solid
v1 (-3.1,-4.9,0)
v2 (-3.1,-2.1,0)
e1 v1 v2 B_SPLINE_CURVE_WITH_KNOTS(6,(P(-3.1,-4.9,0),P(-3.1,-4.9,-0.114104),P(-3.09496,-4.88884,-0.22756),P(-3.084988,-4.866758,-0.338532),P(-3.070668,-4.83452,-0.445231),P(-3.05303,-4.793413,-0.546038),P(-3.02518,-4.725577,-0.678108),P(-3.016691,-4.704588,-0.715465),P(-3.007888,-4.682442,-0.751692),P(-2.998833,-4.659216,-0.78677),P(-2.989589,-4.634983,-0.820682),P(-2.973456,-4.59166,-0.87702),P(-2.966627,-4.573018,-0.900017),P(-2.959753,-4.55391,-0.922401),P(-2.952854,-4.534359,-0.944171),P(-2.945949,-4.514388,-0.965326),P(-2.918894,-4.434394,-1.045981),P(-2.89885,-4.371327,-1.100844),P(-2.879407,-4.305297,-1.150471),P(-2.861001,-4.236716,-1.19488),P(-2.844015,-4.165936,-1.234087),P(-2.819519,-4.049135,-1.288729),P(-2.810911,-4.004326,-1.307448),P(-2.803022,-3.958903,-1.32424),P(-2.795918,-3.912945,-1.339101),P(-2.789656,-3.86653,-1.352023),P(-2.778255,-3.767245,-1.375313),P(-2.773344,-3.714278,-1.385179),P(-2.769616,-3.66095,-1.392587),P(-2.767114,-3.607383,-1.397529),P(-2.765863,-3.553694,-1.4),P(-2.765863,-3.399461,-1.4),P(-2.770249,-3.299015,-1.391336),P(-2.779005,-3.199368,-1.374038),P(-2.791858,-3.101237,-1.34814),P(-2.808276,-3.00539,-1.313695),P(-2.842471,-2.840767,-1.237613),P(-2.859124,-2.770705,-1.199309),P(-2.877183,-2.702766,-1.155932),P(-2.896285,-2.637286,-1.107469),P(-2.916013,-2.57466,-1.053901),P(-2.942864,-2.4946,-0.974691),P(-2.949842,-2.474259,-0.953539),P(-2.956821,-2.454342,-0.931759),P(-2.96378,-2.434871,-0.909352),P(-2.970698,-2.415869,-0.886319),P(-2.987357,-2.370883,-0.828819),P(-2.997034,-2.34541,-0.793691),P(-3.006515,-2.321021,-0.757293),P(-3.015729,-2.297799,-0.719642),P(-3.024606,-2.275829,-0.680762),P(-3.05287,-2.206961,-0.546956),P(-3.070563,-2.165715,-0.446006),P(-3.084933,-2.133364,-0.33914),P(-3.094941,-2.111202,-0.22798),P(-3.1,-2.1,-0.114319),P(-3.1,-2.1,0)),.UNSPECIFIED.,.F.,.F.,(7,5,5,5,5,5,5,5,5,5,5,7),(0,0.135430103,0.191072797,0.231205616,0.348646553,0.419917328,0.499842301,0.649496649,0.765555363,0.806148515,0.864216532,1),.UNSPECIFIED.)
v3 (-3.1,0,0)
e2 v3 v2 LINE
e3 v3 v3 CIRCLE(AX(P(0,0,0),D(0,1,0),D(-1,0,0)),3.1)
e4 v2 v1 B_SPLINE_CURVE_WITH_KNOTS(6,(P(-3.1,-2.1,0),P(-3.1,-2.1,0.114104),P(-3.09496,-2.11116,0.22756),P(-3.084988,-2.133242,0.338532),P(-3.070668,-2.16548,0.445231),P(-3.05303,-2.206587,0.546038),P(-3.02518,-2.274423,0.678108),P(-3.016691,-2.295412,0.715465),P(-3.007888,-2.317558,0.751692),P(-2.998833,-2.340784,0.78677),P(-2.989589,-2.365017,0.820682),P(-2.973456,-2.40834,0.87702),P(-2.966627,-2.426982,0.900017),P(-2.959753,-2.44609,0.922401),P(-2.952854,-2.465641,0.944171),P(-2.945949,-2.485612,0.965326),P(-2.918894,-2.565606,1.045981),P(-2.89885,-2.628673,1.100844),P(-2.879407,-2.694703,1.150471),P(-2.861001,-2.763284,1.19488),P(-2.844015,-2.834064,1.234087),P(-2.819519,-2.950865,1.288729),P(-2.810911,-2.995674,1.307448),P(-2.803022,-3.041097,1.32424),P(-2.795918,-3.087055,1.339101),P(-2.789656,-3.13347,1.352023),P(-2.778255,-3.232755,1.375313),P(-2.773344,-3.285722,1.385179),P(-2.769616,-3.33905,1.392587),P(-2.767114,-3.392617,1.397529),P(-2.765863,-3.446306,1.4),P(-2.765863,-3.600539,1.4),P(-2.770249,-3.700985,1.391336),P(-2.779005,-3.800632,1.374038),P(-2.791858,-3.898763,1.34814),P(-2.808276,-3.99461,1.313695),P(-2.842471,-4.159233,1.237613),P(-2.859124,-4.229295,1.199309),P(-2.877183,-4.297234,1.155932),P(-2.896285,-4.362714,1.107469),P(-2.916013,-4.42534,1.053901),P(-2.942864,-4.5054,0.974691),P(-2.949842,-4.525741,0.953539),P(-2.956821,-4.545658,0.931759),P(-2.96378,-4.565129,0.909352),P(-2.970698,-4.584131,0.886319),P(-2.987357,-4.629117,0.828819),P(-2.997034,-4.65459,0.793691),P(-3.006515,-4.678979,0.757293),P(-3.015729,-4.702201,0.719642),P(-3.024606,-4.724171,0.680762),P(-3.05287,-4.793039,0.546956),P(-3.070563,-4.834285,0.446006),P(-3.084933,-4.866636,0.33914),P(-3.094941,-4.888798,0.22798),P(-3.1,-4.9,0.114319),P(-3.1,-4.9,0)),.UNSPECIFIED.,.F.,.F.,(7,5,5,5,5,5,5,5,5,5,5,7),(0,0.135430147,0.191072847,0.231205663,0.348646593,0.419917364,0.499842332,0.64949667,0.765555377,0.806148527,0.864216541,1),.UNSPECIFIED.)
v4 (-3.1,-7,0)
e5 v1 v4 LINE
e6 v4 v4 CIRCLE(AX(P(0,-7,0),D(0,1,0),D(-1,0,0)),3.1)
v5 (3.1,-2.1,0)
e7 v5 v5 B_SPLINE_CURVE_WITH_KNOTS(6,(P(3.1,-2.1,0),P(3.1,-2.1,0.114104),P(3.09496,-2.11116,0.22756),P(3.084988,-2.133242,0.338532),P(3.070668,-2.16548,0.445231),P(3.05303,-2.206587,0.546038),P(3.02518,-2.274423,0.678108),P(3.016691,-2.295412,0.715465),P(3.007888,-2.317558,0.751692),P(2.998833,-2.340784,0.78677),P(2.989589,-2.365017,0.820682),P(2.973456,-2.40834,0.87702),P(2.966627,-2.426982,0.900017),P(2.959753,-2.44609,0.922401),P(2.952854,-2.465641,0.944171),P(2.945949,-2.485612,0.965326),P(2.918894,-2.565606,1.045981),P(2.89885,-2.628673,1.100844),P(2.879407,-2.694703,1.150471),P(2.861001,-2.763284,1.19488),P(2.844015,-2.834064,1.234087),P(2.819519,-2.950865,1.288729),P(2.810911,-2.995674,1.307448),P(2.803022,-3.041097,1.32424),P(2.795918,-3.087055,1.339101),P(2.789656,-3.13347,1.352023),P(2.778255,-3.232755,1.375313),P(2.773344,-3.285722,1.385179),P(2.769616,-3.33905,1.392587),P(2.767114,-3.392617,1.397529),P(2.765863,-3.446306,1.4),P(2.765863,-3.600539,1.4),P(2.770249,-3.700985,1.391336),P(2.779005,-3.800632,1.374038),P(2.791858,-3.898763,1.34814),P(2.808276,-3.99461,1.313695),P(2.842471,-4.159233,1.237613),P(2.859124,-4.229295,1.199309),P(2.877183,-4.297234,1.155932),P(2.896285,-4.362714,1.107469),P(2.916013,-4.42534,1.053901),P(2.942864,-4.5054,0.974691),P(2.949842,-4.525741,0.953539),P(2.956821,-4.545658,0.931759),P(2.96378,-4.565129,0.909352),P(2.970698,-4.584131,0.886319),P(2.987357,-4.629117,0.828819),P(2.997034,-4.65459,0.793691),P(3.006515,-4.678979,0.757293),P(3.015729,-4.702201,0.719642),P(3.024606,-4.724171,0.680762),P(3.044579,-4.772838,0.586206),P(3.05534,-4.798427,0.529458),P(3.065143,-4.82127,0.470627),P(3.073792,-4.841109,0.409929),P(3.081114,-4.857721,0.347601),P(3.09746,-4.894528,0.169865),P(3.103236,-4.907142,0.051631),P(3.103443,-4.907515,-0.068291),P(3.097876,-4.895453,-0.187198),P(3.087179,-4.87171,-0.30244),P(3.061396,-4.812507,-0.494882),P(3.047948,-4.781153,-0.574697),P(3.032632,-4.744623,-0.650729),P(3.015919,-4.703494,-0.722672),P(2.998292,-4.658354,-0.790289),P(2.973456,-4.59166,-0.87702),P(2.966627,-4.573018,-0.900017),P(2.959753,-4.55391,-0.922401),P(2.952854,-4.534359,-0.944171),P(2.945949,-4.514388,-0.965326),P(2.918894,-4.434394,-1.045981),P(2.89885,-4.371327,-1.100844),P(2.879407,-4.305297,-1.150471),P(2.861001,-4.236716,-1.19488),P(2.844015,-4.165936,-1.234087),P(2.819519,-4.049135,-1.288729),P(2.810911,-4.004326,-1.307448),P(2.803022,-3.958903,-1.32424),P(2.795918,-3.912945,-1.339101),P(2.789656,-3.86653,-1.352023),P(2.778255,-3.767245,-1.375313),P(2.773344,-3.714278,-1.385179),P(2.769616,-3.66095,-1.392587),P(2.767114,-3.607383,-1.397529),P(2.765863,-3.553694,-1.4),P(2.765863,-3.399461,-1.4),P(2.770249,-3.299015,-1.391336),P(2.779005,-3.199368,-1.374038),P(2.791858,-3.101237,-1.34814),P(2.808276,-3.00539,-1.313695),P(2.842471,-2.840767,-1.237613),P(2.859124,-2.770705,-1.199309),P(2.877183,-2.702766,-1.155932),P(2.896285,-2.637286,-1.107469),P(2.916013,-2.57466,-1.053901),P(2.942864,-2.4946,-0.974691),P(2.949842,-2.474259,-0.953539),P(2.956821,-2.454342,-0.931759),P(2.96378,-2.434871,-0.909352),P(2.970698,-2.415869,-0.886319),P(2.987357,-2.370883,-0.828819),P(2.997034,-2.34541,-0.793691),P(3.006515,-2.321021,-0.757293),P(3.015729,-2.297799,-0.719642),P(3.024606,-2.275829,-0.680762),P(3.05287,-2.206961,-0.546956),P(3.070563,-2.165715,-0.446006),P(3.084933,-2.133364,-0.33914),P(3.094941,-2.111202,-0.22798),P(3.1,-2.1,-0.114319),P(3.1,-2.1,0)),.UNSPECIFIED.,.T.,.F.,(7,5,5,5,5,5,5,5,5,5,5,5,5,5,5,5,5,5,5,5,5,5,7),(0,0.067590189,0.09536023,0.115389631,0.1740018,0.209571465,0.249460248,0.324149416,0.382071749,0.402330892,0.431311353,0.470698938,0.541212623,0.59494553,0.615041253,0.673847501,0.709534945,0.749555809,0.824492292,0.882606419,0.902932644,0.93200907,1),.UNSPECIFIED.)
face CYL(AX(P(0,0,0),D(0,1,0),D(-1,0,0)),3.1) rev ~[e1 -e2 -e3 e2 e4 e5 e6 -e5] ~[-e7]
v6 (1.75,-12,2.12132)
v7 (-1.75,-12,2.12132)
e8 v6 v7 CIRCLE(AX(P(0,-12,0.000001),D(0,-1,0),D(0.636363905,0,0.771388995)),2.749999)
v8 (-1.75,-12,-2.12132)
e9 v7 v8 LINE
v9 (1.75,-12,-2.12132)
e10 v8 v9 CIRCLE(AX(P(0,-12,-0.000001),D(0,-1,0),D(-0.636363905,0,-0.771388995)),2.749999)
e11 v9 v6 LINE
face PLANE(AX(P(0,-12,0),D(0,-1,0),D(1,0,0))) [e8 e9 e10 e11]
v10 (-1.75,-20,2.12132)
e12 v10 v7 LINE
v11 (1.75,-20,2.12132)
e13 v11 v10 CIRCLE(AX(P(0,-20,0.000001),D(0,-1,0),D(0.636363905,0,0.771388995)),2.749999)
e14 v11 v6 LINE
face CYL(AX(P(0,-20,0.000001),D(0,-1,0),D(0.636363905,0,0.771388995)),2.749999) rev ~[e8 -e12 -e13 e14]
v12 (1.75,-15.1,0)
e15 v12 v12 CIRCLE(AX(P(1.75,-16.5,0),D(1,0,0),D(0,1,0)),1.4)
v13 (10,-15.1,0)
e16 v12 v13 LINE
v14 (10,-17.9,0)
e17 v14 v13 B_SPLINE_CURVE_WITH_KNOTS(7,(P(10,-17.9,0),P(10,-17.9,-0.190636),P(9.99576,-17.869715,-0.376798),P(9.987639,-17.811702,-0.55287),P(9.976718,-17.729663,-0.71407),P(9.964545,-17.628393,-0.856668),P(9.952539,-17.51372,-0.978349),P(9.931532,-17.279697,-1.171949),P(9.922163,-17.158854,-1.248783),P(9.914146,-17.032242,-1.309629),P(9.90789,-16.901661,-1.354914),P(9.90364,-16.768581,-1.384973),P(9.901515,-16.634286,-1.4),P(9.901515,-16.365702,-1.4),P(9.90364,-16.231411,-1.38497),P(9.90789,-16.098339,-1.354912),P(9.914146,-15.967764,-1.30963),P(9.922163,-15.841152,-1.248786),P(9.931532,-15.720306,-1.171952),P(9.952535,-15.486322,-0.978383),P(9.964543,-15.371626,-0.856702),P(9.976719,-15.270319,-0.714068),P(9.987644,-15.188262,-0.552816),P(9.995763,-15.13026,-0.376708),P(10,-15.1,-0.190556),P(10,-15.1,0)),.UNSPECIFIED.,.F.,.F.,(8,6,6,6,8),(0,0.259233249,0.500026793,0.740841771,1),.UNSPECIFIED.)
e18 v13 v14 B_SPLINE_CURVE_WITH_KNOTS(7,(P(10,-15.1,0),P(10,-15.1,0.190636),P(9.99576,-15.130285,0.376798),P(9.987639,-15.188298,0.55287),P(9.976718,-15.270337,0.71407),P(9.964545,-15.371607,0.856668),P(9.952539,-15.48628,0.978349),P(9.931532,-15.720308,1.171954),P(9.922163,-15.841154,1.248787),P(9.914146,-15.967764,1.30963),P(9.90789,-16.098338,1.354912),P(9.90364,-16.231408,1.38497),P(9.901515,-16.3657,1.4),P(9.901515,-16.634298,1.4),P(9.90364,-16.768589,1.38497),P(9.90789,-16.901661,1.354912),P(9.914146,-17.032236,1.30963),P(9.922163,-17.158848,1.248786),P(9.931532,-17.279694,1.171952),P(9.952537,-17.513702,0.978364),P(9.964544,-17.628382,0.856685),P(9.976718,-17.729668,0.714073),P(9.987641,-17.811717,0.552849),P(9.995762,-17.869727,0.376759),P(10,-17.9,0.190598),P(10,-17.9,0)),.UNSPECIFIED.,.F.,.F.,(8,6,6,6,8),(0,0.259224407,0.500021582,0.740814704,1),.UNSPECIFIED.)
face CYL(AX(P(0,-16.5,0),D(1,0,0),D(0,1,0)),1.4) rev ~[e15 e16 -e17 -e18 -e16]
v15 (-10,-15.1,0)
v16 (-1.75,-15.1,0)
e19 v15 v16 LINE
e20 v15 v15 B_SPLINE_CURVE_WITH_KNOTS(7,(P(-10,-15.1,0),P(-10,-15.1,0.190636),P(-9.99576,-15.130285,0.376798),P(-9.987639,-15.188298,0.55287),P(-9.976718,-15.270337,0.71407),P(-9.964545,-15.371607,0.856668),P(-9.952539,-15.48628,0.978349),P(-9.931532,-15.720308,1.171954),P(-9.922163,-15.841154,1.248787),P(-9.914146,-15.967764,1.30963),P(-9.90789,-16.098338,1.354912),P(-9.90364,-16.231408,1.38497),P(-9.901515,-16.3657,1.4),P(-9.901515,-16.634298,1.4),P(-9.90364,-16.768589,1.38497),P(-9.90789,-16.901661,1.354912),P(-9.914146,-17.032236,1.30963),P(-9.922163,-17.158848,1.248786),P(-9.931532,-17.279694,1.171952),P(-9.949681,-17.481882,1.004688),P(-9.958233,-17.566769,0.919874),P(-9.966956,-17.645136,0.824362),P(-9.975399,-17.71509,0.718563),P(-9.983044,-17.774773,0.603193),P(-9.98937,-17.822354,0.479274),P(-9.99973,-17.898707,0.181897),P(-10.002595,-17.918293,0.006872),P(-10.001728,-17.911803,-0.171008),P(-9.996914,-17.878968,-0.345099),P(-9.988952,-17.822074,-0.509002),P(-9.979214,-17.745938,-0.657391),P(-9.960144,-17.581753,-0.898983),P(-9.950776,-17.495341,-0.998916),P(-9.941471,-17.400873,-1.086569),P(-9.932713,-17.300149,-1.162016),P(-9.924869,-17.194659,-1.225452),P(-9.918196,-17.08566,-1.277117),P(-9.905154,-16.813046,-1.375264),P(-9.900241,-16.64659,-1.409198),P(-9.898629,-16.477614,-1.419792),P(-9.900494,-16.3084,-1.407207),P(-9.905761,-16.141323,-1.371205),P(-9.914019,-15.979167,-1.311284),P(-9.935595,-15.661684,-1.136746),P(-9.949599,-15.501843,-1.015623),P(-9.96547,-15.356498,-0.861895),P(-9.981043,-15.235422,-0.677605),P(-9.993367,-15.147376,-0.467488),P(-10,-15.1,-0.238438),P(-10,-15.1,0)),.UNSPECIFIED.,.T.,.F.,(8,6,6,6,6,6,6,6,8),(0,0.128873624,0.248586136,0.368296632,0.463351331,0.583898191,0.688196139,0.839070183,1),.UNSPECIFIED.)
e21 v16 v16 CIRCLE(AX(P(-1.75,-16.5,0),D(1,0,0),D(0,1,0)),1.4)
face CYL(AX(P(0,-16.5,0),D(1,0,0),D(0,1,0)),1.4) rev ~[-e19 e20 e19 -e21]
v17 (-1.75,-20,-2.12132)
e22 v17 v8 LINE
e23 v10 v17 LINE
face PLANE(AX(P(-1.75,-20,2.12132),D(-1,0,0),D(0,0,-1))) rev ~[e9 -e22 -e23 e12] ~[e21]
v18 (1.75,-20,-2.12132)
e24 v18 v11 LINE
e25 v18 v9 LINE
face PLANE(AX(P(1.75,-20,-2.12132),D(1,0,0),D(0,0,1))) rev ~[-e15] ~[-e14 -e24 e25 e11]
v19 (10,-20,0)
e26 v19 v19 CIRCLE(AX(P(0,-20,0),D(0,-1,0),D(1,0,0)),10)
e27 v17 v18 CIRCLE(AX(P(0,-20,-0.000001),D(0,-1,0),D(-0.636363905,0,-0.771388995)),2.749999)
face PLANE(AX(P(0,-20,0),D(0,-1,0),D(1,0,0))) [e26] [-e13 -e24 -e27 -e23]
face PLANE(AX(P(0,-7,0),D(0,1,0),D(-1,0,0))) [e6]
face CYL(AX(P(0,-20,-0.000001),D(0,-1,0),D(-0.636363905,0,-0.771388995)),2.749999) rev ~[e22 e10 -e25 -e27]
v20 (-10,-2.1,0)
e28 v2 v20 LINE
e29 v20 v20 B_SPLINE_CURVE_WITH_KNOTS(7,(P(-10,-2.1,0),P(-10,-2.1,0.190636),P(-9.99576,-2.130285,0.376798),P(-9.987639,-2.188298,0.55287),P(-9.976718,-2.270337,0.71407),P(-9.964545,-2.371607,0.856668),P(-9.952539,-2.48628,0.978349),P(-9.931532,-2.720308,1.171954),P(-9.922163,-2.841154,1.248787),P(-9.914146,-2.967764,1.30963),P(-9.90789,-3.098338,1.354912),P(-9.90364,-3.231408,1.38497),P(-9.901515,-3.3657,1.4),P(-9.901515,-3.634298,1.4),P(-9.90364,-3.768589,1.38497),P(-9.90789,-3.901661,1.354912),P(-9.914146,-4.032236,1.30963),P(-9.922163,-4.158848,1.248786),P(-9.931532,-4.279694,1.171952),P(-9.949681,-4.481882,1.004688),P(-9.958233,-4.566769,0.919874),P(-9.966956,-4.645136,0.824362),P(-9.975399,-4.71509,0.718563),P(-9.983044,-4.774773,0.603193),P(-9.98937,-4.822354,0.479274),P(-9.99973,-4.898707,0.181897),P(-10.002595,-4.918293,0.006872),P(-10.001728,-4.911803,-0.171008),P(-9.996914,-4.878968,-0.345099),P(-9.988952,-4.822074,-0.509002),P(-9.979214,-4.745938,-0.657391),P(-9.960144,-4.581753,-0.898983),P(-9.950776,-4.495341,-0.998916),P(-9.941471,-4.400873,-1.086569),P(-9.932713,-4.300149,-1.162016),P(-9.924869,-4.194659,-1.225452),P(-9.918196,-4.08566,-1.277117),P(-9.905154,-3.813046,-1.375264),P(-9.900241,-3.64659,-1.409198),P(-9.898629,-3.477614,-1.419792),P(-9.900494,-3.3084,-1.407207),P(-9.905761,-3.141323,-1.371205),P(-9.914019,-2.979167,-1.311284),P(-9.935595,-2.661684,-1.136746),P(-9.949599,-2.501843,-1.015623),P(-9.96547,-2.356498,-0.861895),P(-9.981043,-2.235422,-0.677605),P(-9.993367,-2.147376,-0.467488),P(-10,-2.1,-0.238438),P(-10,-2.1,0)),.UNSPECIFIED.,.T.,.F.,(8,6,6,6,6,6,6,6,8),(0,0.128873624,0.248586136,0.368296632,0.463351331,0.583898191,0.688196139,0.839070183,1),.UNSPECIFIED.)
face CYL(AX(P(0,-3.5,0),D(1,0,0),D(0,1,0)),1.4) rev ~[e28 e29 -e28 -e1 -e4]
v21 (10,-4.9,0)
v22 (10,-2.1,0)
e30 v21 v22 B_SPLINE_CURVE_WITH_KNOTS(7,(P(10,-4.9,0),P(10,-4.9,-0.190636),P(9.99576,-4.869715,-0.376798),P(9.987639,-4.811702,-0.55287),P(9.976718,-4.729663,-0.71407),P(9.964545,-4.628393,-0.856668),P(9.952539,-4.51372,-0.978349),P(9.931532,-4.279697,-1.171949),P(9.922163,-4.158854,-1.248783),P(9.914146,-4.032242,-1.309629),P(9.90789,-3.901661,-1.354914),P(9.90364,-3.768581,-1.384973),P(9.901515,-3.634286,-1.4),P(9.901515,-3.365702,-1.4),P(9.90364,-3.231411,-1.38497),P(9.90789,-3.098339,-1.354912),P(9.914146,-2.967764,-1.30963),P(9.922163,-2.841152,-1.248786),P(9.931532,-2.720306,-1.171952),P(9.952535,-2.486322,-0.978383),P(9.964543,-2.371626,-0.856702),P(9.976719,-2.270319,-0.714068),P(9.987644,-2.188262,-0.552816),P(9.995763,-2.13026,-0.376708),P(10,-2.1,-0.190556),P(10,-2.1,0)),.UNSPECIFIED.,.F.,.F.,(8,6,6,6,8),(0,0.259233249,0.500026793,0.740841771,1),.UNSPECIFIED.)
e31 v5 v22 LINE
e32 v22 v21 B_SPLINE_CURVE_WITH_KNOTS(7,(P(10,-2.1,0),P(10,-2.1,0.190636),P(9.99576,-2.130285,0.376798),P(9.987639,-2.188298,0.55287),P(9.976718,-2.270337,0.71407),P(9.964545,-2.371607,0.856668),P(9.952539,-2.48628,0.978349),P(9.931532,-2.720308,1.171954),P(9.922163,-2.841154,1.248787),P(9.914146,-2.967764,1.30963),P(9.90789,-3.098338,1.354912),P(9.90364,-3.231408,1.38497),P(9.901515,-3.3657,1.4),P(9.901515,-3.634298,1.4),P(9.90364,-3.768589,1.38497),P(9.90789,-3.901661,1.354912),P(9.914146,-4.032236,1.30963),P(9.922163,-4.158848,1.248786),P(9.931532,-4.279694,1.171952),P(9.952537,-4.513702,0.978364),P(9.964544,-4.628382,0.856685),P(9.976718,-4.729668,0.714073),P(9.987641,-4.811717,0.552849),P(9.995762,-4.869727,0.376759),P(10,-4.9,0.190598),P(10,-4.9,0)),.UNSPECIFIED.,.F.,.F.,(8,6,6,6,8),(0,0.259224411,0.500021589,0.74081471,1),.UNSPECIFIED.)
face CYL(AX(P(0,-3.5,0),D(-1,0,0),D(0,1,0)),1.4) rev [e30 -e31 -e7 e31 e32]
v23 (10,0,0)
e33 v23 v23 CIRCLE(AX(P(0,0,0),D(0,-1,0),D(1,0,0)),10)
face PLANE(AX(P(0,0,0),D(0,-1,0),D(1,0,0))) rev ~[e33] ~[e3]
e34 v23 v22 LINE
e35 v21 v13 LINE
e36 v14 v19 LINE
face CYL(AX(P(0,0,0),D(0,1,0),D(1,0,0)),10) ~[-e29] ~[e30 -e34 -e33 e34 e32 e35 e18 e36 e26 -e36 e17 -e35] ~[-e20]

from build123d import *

# Parameters (mm, degrees)
F0_R     = 10
F1_DEPTH = 20
F3_DEPTH = 8
F4_R     = 3.1
F5_DEPTH = 7
F6_R     = 1.4
F7_DEPTH = 12.5


with BuildPart() as f1:
    # F0 (on Front) → F1 (new body)
    with BuildSketch(Plane.XZ):
        Circle(F0_R)
    extrude(amount=F1_DEPTH)

    # F2 (on face) → F3 (cut)
    with BuildSketch(Plane.XZ.offset(20)):
        with BuildLine():
            Line((1.75, -2.12132), (1.75, 2.12132))
            ThreePointArc((1.75, 2.12132), (0, 2.75), (-1.75, 2.12132))
            Line((-1.75, 2.12132), (-1.75, -2.12132))
            ThreePointArc((-1.75, -2.12132), (0, -2.75), (1.75, -2.12132))
        make_face()
    extrude(amount=-F3_DEPTH, mode=Mode.SUBTRACT)

    # F4 (on face) → F5 (cut)
    with BuildSketch(Plane(origin=(0, 0, 0), x_dir=(-1, 0, 0), z_dir=(0, 1, 0))):
        Circle(F4_R)
    extrude(amount=-F5_DEPTH, mode=Mode.SUBTRACT)

    # F6 (on Right) → F7 (cut, symmetric)
    with BuildSketch(Plane.YZ):
        with Locations((-3.5, 0)):
            Circle(F6_R)
        with Locations((-16.5, 0)):
            Circle(F6_R)
    extrude(amount=F7_DEPTH, both=True, mode=Mode.SUBTRACT)


solid = f1.part
